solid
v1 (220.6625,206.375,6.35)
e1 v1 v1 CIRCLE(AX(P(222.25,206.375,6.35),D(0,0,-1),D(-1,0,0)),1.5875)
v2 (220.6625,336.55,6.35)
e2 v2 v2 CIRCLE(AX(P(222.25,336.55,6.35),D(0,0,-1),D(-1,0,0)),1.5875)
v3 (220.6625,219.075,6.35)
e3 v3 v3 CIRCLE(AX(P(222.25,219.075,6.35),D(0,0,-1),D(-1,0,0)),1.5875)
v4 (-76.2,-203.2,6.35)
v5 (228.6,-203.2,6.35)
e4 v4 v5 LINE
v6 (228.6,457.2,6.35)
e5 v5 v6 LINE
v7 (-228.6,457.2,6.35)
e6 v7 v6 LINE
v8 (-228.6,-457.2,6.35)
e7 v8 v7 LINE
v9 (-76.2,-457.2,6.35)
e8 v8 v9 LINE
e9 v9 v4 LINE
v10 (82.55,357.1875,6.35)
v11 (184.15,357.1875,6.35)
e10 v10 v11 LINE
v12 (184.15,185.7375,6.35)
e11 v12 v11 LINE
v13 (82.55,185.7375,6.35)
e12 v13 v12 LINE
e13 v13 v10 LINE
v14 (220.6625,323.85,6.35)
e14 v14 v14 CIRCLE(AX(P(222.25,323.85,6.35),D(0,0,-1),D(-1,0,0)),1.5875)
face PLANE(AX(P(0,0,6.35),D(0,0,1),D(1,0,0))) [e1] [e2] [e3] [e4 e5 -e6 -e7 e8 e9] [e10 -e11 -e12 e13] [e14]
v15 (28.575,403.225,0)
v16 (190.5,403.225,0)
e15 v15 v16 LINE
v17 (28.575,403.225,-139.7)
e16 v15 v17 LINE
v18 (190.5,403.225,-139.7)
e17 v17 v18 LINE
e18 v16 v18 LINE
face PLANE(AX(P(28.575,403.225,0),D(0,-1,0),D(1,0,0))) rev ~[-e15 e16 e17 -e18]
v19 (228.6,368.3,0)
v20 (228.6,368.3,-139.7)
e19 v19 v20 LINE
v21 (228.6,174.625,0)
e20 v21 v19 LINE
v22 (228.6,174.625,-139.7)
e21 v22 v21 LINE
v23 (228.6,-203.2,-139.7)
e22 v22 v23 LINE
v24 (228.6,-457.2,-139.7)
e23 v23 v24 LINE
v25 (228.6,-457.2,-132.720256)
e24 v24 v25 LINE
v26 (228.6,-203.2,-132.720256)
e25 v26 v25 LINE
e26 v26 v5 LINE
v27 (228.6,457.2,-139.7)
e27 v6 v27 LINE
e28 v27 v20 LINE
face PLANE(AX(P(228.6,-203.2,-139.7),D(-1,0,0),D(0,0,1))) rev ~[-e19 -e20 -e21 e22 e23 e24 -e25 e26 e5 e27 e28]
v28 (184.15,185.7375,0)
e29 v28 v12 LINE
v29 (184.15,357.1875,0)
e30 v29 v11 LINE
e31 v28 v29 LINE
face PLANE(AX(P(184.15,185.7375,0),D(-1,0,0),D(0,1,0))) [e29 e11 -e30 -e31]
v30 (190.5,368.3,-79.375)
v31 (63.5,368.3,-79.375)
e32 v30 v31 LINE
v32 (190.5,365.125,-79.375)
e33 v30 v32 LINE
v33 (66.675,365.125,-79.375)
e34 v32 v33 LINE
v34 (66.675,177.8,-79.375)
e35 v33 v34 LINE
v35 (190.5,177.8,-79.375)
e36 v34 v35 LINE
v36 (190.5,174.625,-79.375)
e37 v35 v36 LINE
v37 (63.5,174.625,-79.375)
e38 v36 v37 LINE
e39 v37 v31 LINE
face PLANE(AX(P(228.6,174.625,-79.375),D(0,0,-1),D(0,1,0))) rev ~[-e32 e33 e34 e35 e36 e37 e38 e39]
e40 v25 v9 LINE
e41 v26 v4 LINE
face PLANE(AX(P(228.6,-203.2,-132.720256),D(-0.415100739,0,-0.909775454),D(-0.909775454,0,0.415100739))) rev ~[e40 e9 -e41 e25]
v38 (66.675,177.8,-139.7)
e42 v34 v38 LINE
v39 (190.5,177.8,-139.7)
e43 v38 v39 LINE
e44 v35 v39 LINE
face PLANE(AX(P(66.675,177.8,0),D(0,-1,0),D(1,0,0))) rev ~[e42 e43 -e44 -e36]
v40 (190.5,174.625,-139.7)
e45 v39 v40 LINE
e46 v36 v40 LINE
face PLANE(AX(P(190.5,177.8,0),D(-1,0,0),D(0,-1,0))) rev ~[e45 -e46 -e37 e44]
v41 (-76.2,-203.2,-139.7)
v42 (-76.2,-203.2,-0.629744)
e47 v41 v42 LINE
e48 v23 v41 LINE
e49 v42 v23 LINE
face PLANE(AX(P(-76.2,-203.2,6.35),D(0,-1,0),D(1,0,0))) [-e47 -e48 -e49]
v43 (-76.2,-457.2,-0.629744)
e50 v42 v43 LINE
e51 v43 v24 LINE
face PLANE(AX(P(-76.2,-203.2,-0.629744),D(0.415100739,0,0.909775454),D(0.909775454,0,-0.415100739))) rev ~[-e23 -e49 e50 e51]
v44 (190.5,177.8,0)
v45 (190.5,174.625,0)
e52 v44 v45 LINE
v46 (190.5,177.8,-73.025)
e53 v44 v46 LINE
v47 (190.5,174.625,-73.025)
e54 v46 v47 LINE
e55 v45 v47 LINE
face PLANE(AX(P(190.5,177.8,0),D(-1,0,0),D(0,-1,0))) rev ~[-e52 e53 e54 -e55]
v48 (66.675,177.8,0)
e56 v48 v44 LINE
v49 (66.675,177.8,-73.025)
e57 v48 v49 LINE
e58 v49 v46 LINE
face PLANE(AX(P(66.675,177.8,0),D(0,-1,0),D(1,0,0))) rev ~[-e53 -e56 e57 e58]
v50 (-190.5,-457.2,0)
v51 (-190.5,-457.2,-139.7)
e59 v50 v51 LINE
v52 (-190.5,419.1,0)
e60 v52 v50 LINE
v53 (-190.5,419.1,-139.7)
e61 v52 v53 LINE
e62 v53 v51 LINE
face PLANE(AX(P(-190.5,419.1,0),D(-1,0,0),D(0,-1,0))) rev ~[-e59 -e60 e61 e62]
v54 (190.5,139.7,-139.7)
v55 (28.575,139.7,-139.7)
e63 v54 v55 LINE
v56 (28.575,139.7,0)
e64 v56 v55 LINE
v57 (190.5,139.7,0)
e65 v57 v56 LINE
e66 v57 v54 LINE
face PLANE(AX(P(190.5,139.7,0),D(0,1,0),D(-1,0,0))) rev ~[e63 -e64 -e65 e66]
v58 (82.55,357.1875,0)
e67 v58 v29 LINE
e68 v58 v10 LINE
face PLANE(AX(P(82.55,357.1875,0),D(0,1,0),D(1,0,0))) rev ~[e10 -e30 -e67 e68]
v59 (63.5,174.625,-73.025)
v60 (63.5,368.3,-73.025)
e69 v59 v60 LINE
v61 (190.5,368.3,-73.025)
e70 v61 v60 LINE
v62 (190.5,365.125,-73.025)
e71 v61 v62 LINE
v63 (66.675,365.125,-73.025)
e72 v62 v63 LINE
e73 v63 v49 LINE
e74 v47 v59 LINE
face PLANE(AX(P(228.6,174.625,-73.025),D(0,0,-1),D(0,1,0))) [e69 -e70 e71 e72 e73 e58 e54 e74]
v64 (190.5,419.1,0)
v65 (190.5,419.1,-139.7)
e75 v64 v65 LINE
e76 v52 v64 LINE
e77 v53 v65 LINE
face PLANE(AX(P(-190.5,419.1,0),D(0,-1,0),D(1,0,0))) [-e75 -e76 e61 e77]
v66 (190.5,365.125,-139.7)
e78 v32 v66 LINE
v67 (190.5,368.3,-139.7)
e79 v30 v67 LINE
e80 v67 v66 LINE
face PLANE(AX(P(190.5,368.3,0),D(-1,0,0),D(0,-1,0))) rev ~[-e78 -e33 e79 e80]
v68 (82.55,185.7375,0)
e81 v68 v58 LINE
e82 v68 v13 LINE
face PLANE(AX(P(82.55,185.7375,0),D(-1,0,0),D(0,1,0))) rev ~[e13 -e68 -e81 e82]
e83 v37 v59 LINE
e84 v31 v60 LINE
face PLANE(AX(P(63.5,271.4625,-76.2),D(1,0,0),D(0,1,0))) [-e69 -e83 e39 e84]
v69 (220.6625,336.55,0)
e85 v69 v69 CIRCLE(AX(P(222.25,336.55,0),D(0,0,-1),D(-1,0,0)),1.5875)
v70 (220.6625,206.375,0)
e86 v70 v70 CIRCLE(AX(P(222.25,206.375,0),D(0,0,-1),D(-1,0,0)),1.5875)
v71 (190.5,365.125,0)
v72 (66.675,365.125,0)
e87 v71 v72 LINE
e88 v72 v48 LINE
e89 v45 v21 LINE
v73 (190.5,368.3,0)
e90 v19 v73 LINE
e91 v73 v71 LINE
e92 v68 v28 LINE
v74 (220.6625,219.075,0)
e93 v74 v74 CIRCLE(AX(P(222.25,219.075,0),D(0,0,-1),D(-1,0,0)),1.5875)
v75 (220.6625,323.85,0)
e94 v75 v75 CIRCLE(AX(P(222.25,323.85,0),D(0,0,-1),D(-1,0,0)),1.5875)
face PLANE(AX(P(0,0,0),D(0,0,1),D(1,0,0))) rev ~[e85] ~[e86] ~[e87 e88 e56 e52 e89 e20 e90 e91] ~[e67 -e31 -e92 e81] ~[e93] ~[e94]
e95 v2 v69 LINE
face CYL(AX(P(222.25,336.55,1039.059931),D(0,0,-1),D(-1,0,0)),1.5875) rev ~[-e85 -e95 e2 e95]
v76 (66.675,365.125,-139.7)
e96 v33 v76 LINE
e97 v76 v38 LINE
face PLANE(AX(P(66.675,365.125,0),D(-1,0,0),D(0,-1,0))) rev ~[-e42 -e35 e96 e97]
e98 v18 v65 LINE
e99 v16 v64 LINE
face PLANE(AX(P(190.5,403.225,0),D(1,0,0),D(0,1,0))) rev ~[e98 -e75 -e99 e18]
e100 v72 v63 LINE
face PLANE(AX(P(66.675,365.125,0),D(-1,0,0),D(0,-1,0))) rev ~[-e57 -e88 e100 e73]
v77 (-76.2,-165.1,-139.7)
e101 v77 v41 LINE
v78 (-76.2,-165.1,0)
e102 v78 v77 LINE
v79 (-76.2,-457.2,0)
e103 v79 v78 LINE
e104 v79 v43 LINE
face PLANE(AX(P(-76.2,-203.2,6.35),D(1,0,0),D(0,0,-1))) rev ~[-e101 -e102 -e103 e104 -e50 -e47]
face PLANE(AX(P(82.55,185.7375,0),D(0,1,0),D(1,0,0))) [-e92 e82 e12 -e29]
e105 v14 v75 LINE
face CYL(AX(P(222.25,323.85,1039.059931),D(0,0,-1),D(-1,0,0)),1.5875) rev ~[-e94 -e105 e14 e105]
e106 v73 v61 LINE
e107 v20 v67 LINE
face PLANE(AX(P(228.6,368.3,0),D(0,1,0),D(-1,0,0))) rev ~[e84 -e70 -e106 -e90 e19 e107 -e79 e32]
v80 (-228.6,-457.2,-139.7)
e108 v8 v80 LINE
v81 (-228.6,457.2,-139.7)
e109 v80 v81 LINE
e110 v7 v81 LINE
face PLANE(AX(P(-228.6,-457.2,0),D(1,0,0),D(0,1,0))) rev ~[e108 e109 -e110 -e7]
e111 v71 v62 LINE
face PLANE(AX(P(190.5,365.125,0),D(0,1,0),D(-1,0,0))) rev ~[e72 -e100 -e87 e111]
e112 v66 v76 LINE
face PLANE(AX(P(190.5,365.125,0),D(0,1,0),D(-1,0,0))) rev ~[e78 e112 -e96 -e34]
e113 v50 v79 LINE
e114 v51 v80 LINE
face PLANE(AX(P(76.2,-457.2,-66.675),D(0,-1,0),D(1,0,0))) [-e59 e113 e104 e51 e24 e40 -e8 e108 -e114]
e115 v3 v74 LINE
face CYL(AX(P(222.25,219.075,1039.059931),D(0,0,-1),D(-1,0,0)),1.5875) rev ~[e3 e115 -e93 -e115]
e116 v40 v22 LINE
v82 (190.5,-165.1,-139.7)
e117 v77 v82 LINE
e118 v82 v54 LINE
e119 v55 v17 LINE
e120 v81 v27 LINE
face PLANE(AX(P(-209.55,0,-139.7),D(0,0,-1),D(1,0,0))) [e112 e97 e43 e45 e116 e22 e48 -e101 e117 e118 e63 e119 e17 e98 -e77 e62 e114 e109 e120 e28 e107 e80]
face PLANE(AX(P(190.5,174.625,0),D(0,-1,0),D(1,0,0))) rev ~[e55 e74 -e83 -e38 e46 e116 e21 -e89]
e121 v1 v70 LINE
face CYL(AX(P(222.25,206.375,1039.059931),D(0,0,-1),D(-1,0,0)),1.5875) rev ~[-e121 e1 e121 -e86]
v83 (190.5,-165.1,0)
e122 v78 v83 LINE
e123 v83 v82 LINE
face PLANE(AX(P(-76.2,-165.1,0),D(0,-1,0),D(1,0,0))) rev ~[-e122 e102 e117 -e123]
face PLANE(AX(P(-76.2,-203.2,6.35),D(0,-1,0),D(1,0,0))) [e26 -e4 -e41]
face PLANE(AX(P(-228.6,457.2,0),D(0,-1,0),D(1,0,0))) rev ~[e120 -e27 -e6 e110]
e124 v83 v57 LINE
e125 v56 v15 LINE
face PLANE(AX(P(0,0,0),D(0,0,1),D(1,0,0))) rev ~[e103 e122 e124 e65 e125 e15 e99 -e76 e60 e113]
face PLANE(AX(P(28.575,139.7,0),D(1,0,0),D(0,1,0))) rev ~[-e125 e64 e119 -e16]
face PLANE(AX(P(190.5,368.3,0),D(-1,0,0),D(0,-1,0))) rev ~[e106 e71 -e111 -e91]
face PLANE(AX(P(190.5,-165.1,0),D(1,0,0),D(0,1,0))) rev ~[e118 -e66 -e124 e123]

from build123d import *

# Parameters (mm, degrees)
F0_W     = 457.2
F0_H     = 914.4
F0_W_2   = 101.6
F0_H_2   = 171.45
F1_DEPTH = 6.35
F2_W     = 381
F2_H     = 38.1
F2_W_2   = 266.7
F2_W_3   = 38.1
F2_H_2   = 187.325
F3_DEPTH = 139.7
F4_W     = 193.675
F4_H     = 6.35
F5_DEPTH = 165.1
F6_W     = 304.8
F6_H     = 254
F7_DEPTH = 12.7
F9_DEPTH = 254
F11_D    = 3.175


with BuildPart() as f1:
    # F0 (on Top) → F1 (new body)
    with BuildSketch(Plane.XY):
        Rectangle(F0_W, F0_H)
        with Locations((133.35, 271.4625)):
            Rectangle(F0_W_2, F0_H_2, mode=Mode.SUBTRACT)
    extrude(amount=F1_DEPTH)

    # F2 (on face) → F3 (join)
    with BuildSketch(Plane(origin=(0, 0, 0), x_dir=(1, 0, 0), z_dir=(0, 0, -1))):
        Polygon((-190.5, 457.2), (-228.6, 457.2), (-228.6, -457.2), (-190.5, -457.2), (-190.5, -419.1), align=None)
        with Locations((0, -438.15)):
            Rectangle(F2_W, F2_H)
        Polygon((190.5, -403.225), (190.5, -419.1), (190.5, -457.2), (228.6, -457.2), (228.6, -368.3), (190.5, -368.3), align=None)
        Polygon((228.6, -174.625), (228.6, 203.2), (190.5, 203.2), (190.5, 165.1), (190.5, -139.7), (190.5, -174.625), align=None)
        with Locations((57.15, 184.15)):
            Rectangle(F2_W_2, F2_H)
        Polygon((28.575, -403.225), (190.5, -403.225), (190.5, -368.3), (190.5, -365.125), (66.675, -365.125), (28.575, -365.125), align=None)
        with Locations((47.625, -271.4625)):
            Rectangle(F2_W_3, F2_H_2)
        Polygon((190.5, -177.8), (190.5, -174.625), (190.5, -139.7), (28.575, -139.7), (28.575, -177.8), (66.675, -177.8), align=None)
    extrude(amount=F3_DEPTH)

    # F4 (on face) → F5 (cut)
    with BuildSketch(Plane.YZ.offset(228.6)):
        with Locations((271.4625, -76.2)):
            Rectangle(F4_W, F4_H)
    extrude(amount=-F5_DEPTH, mode=Mode.SUBTRACT)

    # F6 (on face) → F7 (cut)
    with BuildSketch(Plane.XY.offset(6.35)):
        with Locations((76.2, -330.2)):
            Rectangle(F6_W, F6_H)
    extrude(amount=-F7_DEPTH, mode=Mode.SUBTRACT)

    # F8 (on face) → F9 (join)
    with BuildSketch(Plane.XZ.offset(203.2)):
        Polygon((228.6, -132.720256), (-76.2, 6.35), (-76.2, 0), (-76.2, -0.629744), (228.6, -139.7), align=None)
    extrude(amount=F9_DEPTH)

    # F11 (through all)
    with Locations(Plane.XY.offset(6.35)):
        with Locations((222.25, 336.55), (222.25, 323.85), (222.25, 219.075), (222.25, 206.375)):
            Hole(F11_D / 2)


solid = f1.part
